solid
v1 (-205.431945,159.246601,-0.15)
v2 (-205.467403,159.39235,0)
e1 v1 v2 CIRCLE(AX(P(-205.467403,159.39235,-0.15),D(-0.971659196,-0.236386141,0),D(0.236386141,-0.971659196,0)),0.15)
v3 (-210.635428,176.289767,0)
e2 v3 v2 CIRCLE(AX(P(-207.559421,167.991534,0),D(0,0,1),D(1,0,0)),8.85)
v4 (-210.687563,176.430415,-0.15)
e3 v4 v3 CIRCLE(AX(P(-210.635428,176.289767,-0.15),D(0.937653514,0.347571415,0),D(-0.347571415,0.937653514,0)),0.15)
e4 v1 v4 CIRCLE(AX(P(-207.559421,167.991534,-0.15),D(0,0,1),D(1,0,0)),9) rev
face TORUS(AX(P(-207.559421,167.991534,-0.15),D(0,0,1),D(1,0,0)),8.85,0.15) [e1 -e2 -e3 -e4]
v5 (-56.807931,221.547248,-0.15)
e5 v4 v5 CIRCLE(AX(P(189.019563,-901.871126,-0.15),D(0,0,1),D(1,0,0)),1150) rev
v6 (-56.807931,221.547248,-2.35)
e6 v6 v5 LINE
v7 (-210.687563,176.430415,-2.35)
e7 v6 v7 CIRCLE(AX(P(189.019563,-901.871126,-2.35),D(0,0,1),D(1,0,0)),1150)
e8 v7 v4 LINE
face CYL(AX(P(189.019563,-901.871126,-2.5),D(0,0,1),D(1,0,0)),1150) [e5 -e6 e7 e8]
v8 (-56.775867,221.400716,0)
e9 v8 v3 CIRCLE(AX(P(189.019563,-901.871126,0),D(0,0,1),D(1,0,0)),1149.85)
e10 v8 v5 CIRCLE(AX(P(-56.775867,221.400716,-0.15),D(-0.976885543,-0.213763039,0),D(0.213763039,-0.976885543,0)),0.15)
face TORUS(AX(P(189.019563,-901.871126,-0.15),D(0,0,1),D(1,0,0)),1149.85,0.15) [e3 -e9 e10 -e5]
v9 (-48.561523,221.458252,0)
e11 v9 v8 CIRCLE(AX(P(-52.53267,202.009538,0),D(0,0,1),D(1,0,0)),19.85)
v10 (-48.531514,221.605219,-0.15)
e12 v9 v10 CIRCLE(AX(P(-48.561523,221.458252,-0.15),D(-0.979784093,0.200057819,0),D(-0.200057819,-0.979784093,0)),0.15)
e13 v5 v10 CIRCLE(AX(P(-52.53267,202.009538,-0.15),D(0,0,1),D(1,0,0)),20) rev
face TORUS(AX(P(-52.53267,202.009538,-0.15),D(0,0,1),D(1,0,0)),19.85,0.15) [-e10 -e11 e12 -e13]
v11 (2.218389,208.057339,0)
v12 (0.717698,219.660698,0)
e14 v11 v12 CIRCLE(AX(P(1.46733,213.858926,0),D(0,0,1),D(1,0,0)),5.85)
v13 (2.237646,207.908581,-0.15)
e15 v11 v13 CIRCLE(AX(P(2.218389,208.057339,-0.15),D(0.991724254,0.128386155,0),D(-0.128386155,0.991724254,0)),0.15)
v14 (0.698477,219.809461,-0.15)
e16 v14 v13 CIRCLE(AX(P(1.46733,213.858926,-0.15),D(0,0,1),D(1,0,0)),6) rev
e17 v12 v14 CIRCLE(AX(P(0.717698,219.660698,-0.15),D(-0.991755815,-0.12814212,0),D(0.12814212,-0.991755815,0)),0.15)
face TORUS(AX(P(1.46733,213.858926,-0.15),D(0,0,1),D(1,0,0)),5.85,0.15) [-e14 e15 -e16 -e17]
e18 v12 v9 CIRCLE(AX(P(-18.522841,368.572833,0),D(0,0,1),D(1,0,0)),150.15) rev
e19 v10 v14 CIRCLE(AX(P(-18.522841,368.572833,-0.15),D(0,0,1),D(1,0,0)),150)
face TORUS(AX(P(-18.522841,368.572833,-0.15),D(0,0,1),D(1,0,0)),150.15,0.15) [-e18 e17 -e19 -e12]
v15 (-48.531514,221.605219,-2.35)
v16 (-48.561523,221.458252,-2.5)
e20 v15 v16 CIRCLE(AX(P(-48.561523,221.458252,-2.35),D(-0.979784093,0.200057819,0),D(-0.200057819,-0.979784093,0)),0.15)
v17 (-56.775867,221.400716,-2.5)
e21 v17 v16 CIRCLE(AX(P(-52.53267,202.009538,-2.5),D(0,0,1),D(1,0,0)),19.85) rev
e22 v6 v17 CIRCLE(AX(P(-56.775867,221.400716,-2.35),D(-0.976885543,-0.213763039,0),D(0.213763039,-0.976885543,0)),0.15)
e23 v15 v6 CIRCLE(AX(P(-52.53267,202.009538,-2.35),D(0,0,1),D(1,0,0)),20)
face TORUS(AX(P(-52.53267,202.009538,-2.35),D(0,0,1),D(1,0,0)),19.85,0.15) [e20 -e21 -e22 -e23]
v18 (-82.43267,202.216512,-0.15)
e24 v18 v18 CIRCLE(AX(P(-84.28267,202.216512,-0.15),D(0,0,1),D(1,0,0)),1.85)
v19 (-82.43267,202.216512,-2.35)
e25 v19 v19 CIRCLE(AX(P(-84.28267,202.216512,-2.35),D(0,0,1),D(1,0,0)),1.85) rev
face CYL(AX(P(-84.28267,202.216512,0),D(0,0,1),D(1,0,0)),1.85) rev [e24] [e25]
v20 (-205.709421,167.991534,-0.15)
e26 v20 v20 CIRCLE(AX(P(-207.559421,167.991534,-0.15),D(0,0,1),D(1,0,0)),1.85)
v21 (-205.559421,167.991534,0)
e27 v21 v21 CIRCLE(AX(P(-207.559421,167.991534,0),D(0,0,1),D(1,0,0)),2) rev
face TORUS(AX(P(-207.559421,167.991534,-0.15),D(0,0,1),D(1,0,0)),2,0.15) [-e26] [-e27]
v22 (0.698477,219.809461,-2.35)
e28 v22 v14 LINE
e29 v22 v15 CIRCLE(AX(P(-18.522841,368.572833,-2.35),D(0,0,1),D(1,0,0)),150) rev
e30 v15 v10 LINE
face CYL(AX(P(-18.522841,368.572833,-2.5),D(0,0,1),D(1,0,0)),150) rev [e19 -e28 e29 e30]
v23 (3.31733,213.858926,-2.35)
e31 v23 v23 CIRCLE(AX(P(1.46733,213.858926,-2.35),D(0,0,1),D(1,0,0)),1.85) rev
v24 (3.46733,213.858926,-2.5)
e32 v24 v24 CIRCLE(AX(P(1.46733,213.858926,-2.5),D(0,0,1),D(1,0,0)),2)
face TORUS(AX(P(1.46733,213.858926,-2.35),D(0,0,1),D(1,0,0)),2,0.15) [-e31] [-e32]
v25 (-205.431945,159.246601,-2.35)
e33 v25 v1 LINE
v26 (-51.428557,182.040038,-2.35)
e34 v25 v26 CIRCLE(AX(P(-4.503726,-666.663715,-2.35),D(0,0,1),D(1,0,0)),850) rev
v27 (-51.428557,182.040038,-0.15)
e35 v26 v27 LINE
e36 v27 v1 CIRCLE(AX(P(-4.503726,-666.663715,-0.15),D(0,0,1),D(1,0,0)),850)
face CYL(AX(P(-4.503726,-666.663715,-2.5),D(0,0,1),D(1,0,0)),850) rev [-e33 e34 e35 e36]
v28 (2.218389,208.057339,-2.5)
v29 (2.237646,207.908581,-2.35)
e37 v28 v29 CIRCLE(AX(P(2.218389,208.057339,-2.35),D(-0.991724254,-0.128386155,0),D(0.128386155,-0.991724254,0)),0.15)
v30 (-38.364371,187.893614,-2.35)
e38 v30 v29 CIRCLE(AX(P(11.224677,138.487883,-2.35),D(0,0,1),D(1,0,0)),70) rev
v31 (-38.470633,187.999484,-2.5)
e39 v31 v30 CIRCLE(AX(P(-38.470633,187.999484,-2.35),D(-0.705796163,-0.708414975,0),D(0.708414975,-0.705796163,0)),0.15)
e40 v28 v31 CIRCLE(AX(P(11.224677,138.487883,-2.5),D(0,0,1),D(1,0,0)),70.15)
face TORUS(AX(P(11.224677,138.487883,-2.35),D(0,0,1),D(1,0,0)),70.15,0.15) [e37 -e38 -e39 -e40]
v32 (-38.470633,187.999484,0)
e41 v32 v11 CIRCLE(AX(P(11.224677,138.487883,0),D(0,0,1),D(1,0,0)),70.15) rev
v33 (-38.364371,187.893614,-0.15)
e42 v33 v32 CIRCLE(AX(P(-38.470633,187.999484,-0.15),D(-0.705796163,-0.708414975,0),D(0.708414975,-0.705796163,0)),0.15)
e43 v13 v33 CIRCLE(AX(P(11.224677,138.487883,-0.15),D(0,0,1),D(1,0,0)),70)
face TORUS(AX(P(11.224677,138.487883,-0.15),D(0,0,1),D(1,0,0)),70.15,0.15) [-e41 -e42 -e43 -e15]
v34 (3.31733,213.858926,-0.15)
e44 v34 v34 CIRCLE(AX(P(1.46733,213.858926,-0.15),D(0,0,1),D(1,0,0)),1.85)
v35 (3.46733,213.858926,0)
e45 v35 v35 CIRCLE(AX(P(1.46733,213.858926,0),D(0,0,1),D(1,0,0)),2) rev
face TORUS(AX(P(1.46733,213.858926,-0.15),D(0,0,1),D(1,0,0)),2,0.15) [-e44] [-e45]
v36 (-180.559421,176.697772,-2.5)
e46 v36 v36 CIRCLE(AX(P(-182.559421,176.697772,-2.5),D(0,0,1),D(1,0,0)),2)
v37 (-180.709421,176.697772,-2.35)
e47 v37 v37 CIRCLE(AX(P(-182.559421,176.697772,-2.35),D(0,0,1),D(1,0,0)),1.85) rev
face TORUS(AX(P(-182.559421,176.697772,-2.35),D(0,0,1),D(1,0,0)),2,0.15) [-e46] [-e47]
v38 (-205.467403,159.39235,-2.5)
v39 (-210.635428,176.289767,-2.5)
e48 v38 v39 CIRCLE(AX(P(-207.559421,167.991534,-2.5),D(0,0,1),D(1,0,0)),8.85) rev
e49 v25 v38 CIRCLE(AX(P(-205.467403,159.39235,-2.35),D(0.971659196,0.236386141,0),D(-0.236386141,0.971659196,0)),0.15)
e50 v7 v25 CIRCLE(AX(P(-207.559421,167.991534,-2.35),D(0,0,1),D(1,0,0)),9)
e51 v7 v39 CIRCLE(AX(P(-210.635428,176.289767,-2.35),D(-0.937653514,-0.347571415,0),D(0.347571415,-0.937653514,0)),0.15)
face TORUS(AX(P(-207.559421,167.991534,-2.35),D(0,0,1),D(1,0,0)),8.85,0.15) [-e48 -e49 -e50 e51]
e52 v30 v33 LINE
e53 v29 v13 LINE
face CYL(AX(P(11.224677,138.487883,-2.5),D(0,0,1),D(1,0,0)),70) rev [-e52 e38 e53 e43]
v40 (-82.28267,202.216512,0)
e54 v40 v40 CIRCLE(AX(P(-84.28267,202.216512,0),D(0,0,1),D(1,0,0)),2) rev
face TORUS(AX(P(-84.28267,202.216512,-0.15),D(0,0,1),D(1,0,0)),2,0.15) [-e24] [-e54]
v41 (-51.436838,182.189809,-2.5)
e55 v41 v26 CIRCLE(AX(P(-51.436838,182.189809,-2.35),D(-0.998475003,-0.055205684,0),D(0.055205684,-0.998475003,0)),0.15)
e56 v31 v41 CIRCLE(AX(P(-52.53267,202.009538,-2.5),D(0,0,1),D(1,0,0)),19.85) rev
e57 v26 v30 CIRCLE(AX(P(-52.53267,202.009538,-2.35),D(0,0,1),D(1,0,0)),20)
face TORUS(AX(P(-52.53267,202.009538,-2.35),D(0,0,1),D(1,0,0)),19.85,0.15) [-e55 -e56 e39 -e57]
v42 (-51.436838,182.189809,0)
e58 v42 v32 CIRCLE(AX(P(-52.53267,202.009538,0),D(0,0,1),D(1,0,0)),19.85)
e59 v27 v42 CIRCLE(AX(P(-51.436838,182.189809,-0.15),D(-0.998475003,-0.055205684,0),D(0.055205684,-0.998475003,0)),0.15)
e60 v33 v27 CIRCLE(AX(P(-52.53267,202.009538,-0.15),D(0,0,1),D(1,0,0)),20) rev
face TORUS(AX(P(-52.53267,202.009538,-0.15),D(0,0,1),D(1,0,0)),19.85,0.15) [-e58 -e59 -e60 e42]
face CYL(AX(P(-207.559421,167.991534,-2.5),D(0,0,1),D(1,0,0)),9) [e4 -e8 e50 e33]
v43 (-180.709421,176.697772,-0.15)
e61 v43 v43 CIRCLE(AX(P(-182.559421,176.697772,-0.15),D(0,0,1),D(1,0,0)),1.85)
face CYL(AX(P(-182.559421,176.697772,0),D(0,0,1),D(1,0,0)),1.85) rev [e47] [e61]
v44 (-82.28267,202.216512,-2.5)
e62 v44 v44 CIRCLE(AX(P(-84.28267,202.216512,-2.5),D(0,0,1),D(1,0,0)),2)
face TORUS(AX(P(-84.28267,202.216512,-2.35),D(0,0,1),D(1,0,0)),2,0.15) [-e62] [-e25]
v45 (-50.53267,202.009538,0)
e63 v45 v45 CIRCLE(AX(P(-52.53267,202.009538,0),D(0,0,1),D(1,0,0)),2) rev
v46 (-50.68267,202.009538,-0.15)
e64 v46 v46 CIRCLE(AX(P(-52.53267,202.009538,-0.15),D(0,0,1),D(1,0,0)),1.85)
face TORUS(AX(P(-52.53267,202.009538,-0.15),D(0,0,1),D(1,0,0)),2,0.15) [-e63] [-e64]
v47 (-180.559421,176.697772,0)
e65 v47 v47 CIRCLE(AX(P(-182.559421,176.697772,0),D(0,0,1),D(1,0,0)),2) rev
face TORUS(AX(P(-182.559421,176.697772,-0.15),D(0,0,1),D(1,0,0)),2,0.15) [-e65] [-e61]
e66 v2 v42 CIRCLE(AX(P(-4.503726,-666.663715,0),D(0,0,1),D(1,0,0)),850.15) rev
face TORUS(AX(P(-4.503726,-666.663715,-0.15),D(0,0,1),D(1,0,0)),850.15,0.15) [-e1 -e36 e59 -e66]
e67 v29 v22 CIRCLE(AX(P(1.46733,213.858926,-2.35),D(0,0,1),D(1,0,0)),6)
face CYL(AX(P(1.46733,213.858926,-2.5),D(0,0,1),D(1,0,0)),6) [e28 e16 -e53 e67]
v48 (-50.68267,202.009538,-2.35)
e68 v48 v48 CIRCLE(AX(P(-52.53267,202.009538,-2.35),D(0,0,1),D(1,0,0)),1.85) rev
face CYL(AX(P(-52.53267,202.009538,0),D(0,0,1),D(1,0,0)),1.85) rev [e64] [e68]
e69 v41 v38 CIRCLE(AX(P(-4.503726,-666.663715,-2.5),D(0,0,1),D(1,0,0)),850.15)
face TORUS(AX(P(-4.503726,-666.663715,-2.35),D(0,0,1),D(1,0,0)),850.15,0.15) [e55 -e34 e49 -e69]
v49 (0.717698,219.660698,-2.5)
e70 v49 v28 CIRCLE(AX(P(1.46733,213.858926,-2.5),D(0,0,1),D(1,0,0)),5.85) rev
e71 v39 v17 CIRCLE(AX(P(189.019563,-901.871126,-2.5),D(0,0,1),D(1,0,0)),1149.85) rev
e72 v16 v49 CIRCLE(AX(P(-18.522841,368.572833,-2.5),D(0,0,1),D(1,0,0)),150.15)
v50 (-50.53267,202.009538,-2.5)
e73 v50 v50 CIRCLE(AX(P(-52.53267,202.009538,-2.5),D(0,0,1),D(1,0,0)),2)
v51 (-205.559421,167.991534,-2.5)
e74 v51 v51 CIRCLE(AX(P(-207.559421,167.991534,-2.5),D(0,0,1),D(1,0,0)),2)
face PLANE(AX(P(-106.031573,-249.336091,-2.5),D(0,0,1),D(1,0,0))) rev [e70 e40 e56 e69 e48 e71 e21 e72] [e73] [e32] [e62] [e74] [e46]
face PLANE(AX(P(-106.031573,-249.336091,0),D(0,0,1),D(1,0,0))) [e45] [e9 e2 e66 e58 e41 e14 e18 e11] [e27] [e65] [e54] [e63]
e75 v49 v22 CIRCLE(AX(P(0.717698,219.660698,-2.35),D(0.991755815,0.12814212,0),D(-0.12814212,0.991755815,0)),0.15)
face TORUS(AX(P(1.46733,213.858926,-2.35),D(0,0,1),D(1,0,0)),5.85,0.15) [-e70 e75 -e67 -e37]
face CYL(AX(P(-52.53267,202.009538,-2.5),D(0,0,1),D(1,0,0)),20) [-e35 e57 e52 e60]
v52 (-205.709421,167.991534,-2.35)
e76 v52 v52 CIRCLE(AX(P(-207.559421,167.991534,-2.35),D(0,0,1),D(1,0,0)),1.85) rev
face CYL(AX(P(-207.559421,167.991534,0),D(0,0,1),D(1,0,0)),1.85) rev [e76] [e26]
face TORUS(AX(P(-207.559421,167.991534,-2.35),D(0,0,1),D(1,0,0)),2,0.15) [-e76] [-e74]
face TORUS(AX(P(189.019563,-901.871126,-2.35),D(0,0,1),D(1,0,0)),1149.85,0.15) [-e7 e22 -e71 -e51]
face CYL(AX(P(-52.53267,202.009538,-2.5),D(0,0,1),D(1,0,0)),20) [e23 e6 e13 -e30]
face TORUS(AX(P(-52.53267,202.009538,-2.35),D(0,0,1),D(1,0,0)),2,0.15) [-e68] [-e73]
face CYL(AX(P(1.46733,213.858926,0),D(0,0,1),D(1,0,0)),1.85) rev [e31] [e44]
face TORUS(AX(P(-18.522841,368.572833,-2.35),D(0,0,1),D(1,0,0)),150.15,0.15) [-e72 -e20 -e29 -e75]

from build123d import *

# Parameters (mm, degrees)
BOSS_EXTRUDE1_DEPTH    = 2.5
M3_5_CLEARANCE_HOLE1_D = 3.7
FILLET1_R              = 0.15


with BuildPart() as part:
    # Sketch1 → Boss-Extrude1 (new body)
    with BuildSketch(Plane.XY):
        with BuildLine():
            ThreePointArc((-210.687563405, 176.430415278), (-134.535098185, 201.674243308), (-56.807931252, 221.547248443))
            ThreePointArc((-56.807931252, 221.547248443), (-52.672754251, 222.009046999), (-48.531514092, 221.605219452))
            ThreePointArc((-48.531514092, 221.605219452), (-23.990742385, 218.672526348), (0.698476803, 219.809461122))
            ThreePointArc((0.698476803, 219.809461122), (7.417769775, 214.628511061), (2.237646451, 207.908580709))
            ThreePointArc((2.237646451, 207.908580709), (-19.725912052, 201.273717505), (-38.364370977, 187.893614338))
            ThreePointArc((-38.364370977, 187.893614338), (-44.354789248, 183.757900443), (-51.428556806, 182.040037523))
            ThreePointArc((-51.428556806, 182.040037523), (-128.953188889, 174.176537638), (-205.431945408, 159.246600894))
            ThreePointArc((-205.431945408, 159.246600894), (-216.165883539, 165.359272847), (-210.687563405, 176.430415278))
        make_face()
    extrude(amount=-BOSS_EXTRUDE1_DEPTH)

    # M3.5 Clearance Hole1 (through all)
    with Locations(Plane.XY):
        with Locations((-207.559420674, 167.991533655), (-182.559420674, 176.69777236), (-84.282670476, 202.216511621), (-52.532670476, 202.009537592), (1.467329524, 213.858926231)):
            Hole(M3_5_CLEARANCE_HOLE1_D / 2)

    # Fillet1
    fillet1_edges = [part.edges().sort_by_distance(p)[0] for p in [
        (-19.725912052, 201.273717505, 0),
        (-44.354789248, 183.757900443, 0),
        (-128.953188889, 174.176537638, 0),
        (-216.165883539, 165.359272847, 0),
        (-44.354789248, 183.757900443, -2.5),
        (-19.725912052, 201.273717505, -2.5),
        (7.417769775, 214.628511061, -2.5),
        (-23.990742385, 218.672526348, -2.5),
        (3.317329524, 213.858926231, 0),
        (3.317329524, 213.858926231, -2.5),
        (-52.672754251, 222.009046999, -2.5),
        (-134.535098185, 201.674243308, -2.5),
        (-50.682670476, 202.009537592, 0),
        (-50.682670476, 202.009537592, -2.5),
        (-82.432670476, 202.216511621, 0),
        (-82.432670476, 202.216511621, -2.5),
        (-180.709420674, 176.69777236, 0),
        (-180.709420674, 176.69777236, -2.5),
        (-205.709420674, 167.991533655, 0),
        (-205.709420674, 167.991533655, -2.5),
        (-216.165883539, 165.359272847, -2.5),
        (-134.535098185, 201.674243308, 0),
        (-128.953188889, 174.176537638, -2.5),
        (-52.672754251, 222.009046999, 0),
        (-23.990742385, 218.672526348, 0),
        (7.417769775, 214.628511061, 0),
    ]]
    fillet(fillet1_edges, radius=FILLET1_R)


solid = part.part
